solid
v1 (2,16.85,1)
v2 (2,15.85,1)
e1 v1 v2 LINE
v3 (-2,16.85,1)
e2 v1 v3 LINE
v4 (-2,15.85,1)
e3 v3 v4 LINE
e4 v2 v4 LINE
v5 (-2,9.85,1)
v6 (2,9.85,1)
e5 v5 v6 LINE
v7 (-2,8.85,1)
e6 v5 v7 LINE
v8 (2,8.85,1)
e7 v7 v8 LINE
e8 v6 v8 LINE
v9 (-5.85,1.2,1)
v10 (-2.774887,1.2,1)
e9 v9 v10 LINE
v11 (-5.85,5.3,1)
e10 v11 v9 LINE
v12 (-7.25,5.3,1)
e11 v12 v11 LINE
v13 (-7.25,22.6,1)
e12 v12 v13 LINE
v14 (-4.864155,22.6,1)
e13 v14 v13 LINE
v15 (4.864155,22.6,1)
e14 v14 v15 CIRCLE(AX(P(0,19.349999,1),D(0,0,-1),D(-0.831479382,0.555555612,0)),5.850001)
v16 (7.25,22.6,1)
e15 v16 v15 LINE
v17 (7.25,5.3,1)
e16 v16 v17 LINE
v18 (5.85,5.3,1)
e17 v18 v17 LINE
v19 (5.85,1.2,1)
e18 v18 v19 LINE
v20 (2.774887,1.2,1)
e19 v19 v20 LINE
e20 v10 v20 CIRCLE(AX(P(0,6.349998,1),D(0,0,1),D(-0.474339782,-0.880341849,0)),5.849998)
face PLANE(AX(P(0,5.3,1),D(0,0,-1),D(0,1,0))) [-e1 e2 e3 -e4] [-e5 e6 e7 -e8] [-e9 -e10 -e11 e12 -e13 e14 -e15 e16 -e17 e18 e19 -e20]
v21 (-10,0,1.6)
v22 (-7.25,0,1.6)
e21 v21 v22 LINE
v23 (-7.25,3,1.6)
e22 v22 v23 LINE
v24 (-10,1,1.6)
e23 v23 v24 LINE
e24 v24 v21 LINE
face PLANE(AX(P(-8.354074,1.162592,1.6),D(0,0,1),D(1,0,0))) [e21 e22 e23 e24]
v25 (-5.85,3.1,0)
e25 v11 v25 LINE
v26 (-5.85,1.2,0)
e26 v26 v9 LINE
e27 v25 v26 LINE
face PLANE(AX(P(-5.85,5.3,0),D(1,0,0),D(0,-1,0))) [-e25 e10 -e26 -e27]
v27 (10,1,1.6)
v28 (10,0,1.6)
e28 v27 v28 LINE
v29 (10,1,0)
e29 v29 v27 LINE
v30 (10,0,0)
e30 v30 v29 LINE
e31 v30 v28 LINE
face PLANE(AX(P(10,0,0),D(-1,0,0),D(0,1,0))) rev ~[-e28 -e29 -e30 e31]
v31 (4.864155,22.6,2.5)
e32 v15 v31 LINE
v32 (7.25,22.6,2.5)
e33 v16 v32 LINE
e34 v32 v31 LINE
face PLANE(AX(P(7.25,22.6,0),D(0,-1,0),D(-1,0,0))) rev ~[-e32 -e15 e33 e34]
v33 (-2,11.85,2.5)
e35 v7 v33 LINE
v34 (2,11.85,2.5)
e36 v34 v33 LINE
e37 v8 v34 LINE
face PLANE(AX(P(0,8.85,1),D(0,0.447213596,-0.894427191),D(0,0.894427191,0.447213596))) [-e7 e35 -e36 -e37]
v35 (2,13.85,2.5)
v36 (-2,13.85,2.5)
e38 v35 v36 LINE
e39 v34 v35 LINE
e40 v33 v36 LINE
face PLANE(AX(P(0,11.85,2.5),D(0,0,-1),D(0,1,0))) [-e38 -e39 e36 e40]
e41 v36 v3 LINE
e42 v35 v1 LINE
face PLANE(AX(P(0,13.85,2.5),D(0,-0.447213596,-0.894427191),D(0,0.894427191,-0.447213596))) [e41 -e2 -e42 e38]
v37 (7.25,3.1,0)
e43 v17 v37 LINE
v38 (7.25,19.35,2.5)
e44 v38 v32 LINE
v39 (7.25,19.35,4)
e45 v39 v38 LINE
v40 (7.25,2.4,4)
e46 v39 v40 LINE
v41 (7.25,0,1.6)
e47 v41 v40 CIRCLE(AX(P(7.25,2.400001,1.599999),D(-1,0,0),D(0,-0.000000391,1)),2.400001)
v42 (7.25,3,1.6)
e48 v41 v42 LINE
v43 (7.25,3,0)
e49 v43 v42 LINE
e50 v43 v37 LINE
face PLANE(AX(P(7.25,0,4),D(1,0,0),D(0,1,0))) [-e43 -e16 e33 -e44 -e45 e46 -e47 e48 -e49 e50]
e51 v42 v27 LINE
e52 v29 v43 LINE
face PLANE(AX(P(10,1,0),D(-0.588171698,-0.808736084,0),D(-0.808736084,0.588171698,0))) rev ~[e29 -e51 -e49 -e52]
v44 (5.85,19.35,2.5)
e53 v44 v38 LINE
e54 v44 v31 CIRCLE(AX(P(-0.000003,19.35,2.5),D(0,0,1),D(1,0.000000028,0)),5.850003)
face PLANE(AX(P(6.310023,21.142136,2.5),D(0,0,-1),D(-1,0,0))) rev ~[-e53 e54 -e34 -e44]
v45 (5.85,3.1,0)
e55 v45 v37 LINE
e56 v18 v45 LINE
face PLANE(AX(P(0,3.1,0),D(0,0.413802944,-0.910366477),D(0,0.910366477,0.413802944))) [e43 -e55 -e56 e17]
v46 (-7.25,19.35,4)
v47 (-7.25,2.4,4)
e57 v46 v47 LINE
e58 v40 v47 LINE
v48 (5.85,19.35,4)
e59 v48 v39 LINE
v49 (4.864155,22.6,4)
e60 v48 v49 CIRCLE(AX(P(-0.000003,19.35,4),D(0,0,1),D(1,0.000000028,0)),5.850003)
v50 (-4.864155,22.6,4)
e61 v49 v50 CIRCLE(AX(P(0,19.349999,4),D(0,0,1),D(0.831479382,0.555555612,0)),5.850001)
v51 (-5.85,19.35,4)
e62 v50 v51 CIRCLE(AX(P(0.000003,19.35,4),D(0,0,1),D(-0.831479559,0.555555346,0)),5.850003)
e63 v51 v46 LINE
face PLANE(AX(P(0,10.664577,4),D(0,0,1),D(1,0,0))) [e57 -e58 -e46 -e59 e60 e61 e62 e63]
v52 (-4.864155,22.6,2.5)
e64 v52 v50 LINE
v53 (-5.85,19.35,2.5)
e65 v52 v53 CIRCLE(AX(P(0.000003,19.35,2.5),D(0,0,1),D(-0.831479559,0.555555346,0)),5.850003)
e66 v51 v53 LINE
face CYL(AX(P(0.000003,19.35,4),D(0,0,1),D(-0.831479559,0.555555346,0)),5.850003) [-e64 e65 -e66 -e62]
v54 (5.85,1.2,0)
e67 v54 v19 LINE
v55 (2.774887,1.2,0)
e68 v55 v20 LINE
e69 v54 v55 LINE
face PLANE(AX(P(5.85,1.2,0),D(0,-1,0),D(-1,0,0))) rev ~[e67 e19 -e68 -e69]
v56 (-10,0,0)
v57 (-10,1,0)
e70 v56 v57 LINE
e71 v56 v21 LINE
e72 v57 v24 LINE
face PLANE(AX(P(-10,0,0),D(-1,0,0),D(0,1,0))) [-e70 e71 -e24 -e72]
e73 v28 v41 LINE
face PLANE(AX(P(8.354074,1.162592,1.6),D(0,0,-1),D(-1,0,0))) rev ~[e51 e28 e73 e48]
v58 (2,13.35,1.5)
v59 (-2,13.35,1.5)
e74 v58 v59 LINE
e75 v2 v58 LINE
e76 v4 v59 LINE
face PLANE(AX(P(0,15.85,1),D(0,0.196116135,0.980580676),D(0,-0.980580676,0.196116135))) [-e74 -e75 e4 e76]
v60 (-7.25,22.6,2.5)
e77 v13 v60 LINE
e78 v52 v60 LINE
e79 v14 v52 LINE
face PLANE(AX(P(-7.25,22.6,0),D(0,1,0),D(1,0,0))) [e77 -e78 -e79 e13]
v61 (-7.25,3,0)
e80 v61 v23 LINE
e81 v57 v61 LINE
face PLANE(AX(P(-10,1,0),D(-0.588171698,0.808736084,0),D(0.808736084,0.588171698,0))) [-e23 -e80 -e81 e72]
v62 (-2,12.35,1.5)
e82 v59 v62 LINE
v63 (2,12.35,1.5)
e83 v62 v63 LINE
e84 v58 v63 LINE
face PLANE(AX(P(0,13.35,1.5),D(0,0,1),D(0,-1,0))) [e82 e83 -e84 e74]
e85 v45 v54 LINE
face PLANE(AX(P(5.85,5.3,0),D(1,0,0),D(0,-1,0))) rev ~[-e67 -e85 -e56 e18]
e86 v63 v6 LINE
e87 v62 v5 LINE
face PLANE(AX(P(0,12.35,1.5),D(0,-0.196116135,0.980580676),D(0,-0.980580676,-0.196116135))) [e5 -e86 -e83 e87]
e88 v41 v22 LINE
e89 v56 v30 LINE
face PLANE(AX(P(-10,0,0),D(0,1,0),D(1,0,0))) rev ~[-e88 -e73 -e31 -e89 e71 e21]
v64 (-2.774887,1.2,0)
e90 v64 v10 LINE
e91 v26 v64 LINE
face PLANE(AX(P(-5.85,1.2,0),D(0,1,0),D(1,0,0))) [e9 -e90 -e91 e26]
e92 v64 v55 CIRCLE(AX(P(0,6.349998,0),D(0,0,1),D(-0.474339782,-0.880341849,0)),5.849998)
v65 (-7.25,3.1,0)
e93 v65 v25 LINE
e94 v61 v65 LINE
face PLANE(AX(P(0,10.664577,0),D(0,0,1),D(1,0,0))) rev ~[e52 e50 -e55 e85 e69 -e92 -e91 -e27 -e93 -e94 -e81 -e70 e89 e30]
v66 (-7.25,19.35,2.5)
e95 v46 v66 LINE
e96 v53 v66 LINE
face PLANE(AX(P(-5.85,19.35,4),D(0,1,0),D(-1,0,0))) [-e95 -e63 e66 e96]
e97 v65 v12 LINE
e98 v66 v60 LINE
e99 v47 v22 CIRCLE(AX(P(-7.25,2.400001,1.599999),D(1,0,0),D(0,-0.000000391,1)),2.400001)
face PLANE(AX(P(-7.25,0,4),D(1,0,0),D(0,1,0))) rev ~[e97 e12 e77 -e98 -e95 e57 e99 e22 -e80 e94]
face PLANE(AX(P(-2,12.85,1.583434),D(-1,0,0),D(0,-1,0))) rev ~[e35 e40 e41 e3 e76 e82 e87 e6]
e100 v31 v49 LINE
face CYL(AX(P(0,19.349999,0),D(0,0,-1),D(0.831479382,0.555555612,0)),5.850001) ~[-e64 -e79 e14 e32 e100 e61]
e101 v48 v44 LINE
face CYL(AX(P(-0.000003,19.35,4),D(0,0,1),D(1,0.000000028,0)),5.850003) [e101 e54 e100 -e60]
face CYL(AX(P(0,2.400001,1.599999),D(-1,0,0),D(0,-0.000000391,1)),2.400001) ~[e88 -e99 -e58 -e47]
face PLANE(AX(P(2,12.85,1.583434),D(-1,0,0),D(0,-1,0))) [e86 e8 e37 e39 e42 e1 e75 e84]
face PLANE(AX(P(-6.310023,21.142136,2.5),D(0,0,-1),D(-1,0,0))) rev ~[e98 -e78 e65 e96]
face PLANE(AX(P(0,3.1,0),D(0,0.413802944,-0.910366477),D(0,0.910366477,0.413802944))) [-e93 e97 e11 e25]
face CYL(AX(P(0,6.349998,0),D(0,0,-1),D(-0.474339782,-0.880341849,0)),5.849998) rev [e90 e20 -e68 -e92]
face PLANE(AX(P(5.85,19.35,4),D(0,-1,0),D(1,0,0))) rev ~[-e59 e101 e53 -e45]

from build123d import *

# Parameters (mm, degrees)
PAD_DEPTH            = 4
POCKET_DEPTH         = 1.5
POCKET004_DEPTH      = 2.4
POCKET005_DEPTH      = 10.001
POCKET005_DEPTH_BACK = -10.001
POCKET006_DEPTH      = 10.001
POCKET006_DEPTH_BACK = -10.001
POCKET007_DEPTH      = 1
POCKET008_DEPTH      = 2


with BuildPart() as part:
    # Sketch → Pad (new body)
    with BuildSketch(Plane.XY):
        with BuildLine():
            Line((-10, 0), (10, 0))
            Line((10, 0), (10, 1))
            Line((10, 1), (7.25, 3))
            Line((7.25, 3), (7.25, 22.6))
            Line((7.25, 22.6), (4.864155, 22.6))
            ThreePointArc((4.864155, 22.6), (0, 25.2), (-4.864155, 22.6))
            Line((-7.25, 22.6), (-4.864155, 22.6))
            Line((-7.25, 3), (-7.25, 22.6))
            Line((-10, 1), (-7.25, 3))
            Line((-10, 0), (-10, 1))
        make_face()
    extrude(amount=PAD_DEPTH)

    # Sketch001 (on Face12 of Pad) → Pocket (cut)
    with BuildSketch(Plane.XY.offset(4)):
        with BuildLine():
            ThreePointArc((-4.864155, 22.6), (-5.598116, 21.048116), (-5.85, 19.35))
            Line((-5.85, 19.35), (-7.25, 19.35))
            Line((-7.25, 19.35), (-7.25, 22.6))
            Line((-4.864155, 22.6), (-7.25, 22.6))
        make_face()
        with BuildLine():
            ThreePointArc((5.85, 19.35), (5.598116, 21.048116), (4.864155, 22.6))
            Line((7.25, 22.6), (4.864155, 22.6))
            Line((7.25, 19.35), (7.25, 22.6))
            Line((5.85, 19.35), (7.25, 19.35))
        make_face()
    extrude(amount=-POCKET_DEPTH, mode=Mode.SUBTRACT)

    # Sketch005 (on Face12 of Pad) → Pocket004 (cut)
    with BuildSketch(Plane.XY.offset(4)):
        Polygon((-7.25, 3), (-10, 1), (-10, 0), (-7.25, 0), align=None)
        Polygon((7.25, 3), (10, 1), (10, 0), (7.25, 0), align=None)
    extrude(amount=-POCKET004_DEPTH, mode=Mode.SUBTRACT)

    # Sketch006 → Pocket005 (cut, two sides)
    with BuildSketch(Plane.YZ) as pocket005_sk:
        with BuildLine():
            ThreePointArc((2.4, 4), (0.702944, 3.297056), (0, 1.6))
            Line((0, 1.6), (0, 4))
            Line((2.4, 4), (0, 4))
        make_face()
    extrude(amount=-POCKET005_DEPTH, mode=Mode.SUBTRACT)
    extrude(pocket005_sk.sketch, amount=-POCKET005_DEPTH_BACK, mode=Mode.SUBTRACT)

    # Sketch007 → Pocket006 (cut, two sides)
    with BuildSketch(Plane.YZ) as pocket006_sk:
        Polygon((3.1, 0), (5.3, 1), (25.2, 1), (25.2, 0), align=None)
    extrude(amount=-POCKET006_DEPTH, mode=Mode.SUBTRACT)
    extrude(pocket006_sk.sketch, amount=-POCKET006_DEPTH_BACK, mode=Mode.SUBTRACT)

    # Sketch008 → Pocket007 (cut)
    with BuildSketch(Plane.XY):
        with BuildLine():
            Line((-5.85, 5.3), (-5.85, 1.2))
            Line((-5.85, 1.2), (-2.774887, 1.2))
            ThreePointArc((-2.774887, 1.2), (0, 0.5), (2.774887, 1.2))
            Line((5.85, 1.2), (2.774887, 1.2))
            Line((5.85, 5.3), (5.85, 1.2))
            Line((-5.85, 5.3), (5.85, 5.3))
        make_face()
    extrude(amount=POCKET007_DEPTH, mode=Mode.SUBTRACT)

    # Sketch009 → Pocket008 (cut, symmetric)
    with BuildSketch(Plane.YZ):
        Polygon((8.85, 1), (11.85, 2.5), (13.85, 2.5), (16.85, 1), (15.85, 1), (13.35, 1.5), (12.35, 1.5), (9.85, 1), align=None)
    extrude(amount=POCKET008_DEPTH, both=True, mode=Mode.SUBTRACT)


solid = part.part
